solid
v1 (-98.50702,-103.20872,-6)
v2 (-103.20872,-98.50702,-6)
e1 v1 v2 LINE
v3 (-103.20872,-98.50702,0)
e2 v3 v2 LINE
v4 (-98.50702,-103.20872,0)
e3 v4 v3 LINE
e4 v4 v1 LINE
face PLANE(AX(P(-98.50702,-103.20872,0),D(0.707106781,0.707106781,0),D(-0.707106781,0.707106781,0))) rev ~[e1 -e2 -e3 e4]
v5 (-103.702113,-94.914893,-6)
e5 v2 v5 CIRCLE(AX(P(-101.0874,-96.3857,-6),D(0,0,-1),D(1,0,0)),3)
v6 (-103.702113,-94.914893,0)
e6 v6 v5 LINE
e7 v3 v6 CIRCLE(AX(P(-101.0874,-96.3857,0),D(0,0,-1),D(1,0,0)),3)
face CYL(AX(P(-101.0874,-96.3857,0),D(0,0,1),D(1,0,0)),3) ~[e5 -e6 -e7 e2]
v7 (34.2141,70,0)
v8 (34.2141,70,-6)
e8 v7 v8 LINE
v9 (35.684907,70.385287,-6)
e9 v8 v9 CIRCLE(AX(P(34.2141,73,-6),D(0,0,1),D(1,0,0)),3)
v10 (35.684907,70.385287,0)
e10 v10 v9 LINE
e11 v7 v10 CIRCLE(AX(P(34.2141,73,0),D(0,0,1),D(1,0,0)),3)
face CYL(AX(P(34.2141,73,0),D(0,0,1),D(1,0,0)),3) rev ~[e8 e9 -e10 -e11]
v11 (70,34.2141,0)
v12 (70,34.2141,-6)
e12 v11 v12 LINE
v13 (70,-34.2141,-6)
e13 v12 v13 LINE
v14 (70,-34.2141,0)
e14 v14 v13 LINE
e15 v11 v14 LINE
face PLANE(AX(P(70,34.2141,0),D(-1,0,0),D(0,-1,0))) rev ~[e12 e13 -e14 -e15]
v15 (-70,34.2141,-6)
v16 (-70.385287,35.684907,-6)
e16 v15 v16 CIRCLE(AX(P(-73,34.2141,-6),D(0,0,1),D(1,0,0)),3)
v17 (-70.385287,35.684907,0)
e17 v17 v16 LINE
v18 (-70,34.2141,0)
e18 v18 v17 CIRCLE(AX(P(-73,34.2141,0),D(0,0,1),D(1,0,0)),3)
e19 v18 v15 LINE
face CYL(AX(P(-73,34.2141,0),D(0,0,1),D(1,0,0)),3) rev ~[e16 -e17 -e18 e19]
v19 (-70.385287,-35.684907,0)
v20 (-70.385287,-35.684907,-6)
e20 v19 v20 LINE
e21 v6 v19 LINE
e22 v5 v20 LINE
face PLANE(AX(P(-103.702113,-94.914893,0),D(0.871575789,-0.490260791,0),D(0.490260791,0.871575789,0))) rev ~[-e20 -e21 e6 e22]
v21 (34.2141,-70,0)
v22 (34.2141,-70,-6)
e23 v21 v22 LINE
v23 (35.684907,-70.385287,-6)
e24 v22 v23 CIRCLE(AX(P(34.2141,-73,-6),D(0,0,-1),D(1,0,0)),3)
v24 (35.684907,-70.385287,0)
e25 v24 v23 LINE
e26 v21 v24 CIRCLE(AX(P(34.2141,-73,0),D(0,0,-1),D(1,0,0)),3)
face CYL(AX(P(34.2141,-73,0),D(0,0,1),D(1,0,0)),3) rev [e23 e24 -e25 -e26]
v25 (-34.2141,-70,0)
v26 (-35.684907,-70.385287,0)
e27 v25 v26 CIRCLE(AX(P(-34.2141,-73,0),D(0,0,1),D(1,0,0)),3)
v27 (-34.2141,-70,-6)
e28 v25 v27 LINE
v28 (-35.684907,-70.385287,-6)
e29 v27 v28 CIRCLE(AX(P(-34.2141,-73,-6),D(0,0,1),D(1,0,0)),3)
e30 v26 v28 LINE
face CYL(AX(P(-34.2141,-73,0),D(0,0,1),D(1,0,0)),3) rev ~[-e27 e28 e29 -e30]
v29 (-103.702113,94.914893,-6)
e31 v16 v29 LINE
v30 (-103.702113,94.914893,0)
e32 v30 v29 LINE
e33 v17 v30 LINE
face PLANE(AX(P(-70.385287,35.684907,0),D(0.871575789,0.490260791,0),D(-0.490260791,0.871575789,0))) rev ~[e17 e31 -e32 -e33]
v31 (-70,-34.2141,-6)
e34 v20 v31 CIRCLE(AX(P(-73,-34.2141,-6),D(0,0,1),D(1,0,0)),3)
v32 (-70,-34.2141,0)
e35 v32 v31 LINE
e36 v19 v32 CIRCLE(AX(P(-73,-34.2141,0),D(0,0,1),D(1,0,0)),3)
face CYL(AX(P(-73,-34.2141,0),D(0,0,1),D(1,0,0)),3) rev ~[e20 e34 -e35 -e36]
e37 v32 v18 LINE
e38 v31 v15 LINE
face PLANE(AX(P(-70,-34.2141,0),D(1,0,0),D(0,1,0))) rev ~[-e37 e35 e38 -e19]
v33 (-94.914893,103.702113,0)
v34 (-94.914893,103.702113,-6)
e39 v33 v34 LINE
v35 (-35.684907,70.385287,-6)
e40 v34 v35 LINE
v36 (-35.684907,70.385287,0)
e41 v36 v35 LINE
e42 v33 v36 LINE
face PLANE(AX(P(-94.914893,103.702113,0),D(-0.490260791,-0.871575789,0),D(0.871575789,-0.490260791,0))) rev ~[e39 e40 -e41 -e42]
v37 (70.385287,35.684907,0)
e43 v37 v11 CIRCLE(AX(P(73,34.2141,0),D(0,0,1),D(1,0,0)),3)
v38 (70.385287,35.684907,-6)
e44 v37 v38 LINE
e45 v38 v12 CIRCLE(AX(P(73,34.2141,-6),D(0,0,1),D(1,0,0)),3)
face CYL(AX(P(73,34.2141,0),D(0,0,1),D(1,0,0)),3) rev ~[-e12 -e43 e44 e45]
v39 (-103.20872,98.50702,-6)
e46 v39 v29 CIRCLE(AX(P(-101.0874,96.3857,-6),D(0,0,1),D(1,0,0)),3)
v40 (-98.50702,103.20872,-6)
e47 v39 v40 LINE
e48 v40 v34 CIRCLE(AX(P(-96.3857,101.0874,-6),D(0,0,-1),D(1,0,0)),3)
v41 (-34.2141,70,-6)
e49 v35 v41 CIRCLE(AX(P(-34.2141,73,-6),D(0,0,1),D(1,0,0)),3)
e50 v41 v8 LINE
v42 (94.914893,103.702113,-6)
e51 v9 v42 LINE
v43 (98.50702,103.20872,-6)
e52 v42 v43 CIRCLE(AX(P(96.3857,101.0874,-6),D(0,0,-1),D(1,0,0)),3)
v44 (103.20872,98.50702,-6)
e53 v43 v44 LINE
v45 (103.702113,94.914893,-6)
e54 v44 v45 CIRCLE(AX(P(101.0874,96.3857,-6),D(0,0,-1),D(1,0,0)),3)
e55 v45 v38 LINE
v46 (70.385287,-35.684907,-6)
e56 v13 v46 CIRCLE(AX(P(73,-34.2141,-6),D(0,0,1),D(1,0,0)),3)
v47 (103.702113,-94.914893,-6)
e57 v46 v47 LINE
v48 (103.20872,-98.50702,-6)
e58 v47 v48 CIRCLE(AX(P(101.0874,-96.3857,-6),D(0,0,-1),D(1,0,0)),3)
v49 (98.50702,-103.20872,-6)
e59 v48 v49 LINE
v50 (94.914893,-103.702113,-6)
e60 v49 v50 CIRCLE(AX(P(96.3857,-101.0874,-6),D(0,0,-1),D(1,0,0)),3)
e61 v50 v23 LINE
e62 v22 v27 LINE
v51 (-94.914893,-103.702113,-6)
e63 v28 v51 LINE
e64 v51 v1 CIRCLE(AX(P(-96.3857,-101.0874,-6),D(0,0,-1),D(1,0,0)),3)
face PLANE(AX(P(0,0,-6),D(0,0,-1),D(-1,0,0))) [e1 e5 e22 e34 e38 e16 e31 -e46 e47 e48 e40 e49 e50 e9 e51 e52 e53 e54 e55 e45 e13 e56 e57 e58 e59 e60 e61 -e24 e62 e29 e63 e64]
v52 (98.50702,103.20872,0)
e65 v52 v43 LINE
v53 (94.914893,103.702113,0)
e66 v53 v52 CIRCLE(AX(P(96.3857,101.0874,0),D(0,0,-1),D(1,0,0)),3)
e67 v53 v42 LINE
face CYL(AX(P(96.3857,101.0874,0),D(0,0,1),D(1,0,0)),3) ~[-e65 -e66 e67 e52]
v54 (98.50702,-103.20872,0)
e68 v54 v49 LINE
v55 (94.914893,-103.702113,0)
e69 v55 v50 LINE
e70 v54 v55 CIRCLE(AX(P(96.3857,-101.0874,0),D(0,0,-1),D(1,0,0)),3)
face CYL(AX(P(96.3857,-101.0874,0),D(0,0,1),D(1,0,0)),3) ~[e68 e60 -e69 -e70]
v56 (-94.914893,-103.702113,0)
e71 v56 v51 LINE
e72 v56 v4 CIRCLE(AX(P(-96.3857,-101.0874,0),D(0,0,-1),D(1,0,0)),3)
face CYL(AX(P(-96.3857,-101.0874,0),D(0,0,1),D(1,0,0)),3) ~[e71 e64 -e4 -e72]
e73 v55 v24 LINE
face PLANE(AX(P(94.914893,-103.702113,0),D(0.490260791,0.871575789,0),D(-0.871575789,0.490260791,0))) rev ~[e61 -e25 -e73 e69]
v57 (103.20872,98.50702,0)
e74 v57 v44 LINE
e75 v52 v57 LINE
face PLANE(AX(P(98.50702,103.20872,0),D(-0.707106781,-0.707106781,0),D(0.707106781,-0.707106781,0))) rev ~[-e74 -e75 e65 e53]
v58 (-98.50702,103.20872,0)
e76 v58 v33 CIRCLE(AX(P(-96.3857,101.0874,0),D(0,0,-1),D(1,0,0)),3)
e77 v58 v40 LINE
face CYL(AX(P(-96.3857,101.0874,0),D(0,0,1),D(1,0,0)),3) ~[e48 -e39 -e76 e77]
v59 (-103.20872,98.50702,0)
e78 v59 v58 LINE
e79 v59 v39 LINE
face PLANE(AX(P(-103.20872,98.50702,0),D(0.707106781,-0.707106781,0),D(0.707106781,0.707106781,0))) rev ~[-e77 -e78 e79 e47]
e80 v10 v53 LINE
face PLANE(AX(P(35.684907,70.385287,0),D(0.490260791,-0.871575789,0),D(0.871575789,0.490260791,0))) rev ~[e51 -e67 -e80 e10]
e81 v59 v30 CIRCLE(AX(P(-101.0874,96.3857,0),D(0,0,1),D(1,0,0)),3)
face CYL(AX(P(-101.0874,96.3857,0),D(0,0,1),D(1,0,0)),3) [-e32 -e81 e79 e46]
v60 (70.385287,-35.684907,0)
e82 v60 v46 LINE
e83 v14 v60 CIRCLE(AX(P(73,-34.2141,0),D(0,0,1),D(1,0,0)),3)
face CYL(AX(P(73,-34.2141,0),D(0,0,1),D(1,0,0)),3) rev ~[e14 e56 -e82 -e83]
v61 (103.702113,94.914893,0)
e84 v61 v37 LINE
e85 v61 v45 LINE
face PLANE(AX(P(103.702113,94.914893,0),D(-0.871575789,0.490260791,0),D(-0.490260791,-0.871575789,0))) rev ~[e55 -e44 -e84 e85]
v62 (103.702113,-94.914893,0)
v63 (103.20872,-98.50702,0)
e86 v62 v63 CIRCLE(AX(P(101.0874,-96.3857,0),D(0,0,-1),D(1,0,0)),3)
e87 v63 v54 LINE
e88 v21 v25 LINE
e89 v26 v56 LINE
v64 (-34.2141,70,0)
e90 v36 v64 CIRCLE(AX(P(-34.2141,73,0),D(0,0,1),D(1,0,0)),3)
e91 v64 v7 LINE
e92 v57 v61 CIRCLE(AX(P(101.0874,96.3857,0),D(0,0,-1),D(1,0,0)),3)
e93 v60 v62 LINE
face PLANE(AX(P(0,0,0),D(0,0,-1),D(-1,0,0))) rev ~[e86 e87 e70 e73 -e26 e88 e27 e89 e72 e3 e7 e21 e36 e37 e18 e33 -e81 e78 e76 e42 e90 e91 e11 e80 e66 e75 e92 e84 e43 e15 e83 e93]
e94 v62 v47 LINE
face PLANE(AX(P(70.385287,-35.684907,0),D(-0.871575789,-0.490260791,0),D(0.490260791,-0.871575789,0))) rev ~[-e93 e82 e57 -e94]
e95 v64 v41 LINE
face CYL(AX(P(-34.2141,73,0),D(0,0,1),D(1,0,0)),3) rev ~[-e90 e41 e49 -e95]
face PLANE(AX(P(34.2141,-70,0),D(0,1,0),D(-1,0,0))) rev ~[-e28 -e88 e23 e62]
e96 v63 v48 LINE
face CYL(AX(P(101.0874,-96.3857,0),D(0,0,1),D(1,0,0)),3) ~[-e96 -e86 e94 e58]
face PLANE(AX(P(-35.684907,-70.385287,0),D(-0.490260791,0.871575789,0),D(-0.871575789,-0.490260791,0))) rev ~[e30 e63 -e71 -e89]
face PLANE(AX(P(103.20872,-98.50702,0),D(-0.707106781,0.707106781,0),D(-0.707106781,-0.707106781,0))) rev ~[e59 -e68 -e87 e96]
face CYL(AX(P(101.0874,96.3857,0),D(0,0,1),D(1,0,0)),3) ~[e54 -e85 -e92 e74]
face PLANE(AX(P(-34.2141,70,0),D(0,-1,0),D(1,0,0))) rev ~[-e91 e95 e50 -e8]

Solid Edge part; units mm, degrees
sketch "Sketch1" plane through (0, 0, 0) normal (0, 0, 1) x (1, 0, 0)
  line L0 (-70.3853, 35.6849) -> (-103.7021, 94.9149)
  arc A0 (-103.2087, 98.507) -> (-103.7021, 94.9149) centre (-101.0874, 96.3857) ccw
  line L1 (-103.2087, 98.507) -> (-98.507, 103.2087)
  arc A1 (-98.507, 103.2087) -> (-94.9149, 103.7021) centre (-96.3857, 101.0874) cw
  line L2 (-94.9149, 103.7021) -> (-35.6849, 70.3853)
  arc A2 (-35.6849, 70.3853) -> (-34.2141, 70) centre (-34.2141, 73) ccw
  line L3 (-34.2141, 70) -> (34.2141, 70)
  arc A3 (34.2141, 70) -> (35.6849, 70.3853) centre (34.2141, 73) ccw
  line L4 (35.6849, 70.3853) -> (94.9149, 103.7021)
  arc A4 (94.9149, 103.7021) -> (98.507, 103.2087) centre (96.3857, 101.0874) cw
  line L5 (98.507, 103.2087) -> (103.2087, 98.507)
  arc A5 (103.2087, 98.507) -> (103.7021, 94.9149) centre (101.0874, 96.3857) cw
  line L6 (103.7021, 94.9149) -> (70.3853, 35.6849)
  arc A6 (70.3853, 35.6849) -> (70, 34.2141) centre (73, 34.2141) ccw
  line L7 (70, 34.2141) -> (70, -34.2141)
  arc A7 (70, -34.2141) -> (70.3853, -35.6849) centre (73, -34.2141) ccw
  line L8 (70.3853, -35.6849) -> (103.7021, -94.9149)
  arc A8 (103.7021, -94.9149) -> (103.2087, -98.507) centre (101.0874, -96.3857) cw
  line L9 (103.2087, -98.507) -> (98.507, -103.2087)
  arc A9 (98.507, -103.2087) -> (94.9149, -103.7021) centre (96.3857, -101.0874) cw
  line L10 (94.9149, -103.7021) -> (35.6849, -70.3853)
  arc A10 (34.2141, -70) -> (35.6849, -70.3853) centre (34.2141, -73) cw
  line L11 (34.2141, -70) -> (-34.2141, -70)
  arc A11 (-34.2141, -70) -> (-35.6849, -70.3853) centre (-34.2141, -73) ccw
  line L12 (-35.6849, -70.3853) -> (-94.9149, -103.7021)
  arc A12 (-94.9149, -103.7021) -> (-98.507, -103.2087) centre (-96.3857, -101.0874) cw
  line L13 (-98.507, -103.2087) -> (-103.2087, -98.507)
  arc A13 (-103.2087, -98.507) -> (-103.7021, -94.9149) centre (-101.0874, -96.3857) cw
  line L14 (-103.7021, -94.9149) -> (-70.3853, -35.6849)
  arc A14 (-70.3853, -35.6849) -> (-70, -34.2141) centre (-73, -34.2141) ccw
  line L15 (-70, -34.2141) -> (-70, 34.2141)
  arc A15 (-70, 34.2141) -> (-70.3853, 35.6849) centre (-73, 34.2141) ccw
extrude "Protrusion1" add sketch "Sketch1" against normal blind 6
